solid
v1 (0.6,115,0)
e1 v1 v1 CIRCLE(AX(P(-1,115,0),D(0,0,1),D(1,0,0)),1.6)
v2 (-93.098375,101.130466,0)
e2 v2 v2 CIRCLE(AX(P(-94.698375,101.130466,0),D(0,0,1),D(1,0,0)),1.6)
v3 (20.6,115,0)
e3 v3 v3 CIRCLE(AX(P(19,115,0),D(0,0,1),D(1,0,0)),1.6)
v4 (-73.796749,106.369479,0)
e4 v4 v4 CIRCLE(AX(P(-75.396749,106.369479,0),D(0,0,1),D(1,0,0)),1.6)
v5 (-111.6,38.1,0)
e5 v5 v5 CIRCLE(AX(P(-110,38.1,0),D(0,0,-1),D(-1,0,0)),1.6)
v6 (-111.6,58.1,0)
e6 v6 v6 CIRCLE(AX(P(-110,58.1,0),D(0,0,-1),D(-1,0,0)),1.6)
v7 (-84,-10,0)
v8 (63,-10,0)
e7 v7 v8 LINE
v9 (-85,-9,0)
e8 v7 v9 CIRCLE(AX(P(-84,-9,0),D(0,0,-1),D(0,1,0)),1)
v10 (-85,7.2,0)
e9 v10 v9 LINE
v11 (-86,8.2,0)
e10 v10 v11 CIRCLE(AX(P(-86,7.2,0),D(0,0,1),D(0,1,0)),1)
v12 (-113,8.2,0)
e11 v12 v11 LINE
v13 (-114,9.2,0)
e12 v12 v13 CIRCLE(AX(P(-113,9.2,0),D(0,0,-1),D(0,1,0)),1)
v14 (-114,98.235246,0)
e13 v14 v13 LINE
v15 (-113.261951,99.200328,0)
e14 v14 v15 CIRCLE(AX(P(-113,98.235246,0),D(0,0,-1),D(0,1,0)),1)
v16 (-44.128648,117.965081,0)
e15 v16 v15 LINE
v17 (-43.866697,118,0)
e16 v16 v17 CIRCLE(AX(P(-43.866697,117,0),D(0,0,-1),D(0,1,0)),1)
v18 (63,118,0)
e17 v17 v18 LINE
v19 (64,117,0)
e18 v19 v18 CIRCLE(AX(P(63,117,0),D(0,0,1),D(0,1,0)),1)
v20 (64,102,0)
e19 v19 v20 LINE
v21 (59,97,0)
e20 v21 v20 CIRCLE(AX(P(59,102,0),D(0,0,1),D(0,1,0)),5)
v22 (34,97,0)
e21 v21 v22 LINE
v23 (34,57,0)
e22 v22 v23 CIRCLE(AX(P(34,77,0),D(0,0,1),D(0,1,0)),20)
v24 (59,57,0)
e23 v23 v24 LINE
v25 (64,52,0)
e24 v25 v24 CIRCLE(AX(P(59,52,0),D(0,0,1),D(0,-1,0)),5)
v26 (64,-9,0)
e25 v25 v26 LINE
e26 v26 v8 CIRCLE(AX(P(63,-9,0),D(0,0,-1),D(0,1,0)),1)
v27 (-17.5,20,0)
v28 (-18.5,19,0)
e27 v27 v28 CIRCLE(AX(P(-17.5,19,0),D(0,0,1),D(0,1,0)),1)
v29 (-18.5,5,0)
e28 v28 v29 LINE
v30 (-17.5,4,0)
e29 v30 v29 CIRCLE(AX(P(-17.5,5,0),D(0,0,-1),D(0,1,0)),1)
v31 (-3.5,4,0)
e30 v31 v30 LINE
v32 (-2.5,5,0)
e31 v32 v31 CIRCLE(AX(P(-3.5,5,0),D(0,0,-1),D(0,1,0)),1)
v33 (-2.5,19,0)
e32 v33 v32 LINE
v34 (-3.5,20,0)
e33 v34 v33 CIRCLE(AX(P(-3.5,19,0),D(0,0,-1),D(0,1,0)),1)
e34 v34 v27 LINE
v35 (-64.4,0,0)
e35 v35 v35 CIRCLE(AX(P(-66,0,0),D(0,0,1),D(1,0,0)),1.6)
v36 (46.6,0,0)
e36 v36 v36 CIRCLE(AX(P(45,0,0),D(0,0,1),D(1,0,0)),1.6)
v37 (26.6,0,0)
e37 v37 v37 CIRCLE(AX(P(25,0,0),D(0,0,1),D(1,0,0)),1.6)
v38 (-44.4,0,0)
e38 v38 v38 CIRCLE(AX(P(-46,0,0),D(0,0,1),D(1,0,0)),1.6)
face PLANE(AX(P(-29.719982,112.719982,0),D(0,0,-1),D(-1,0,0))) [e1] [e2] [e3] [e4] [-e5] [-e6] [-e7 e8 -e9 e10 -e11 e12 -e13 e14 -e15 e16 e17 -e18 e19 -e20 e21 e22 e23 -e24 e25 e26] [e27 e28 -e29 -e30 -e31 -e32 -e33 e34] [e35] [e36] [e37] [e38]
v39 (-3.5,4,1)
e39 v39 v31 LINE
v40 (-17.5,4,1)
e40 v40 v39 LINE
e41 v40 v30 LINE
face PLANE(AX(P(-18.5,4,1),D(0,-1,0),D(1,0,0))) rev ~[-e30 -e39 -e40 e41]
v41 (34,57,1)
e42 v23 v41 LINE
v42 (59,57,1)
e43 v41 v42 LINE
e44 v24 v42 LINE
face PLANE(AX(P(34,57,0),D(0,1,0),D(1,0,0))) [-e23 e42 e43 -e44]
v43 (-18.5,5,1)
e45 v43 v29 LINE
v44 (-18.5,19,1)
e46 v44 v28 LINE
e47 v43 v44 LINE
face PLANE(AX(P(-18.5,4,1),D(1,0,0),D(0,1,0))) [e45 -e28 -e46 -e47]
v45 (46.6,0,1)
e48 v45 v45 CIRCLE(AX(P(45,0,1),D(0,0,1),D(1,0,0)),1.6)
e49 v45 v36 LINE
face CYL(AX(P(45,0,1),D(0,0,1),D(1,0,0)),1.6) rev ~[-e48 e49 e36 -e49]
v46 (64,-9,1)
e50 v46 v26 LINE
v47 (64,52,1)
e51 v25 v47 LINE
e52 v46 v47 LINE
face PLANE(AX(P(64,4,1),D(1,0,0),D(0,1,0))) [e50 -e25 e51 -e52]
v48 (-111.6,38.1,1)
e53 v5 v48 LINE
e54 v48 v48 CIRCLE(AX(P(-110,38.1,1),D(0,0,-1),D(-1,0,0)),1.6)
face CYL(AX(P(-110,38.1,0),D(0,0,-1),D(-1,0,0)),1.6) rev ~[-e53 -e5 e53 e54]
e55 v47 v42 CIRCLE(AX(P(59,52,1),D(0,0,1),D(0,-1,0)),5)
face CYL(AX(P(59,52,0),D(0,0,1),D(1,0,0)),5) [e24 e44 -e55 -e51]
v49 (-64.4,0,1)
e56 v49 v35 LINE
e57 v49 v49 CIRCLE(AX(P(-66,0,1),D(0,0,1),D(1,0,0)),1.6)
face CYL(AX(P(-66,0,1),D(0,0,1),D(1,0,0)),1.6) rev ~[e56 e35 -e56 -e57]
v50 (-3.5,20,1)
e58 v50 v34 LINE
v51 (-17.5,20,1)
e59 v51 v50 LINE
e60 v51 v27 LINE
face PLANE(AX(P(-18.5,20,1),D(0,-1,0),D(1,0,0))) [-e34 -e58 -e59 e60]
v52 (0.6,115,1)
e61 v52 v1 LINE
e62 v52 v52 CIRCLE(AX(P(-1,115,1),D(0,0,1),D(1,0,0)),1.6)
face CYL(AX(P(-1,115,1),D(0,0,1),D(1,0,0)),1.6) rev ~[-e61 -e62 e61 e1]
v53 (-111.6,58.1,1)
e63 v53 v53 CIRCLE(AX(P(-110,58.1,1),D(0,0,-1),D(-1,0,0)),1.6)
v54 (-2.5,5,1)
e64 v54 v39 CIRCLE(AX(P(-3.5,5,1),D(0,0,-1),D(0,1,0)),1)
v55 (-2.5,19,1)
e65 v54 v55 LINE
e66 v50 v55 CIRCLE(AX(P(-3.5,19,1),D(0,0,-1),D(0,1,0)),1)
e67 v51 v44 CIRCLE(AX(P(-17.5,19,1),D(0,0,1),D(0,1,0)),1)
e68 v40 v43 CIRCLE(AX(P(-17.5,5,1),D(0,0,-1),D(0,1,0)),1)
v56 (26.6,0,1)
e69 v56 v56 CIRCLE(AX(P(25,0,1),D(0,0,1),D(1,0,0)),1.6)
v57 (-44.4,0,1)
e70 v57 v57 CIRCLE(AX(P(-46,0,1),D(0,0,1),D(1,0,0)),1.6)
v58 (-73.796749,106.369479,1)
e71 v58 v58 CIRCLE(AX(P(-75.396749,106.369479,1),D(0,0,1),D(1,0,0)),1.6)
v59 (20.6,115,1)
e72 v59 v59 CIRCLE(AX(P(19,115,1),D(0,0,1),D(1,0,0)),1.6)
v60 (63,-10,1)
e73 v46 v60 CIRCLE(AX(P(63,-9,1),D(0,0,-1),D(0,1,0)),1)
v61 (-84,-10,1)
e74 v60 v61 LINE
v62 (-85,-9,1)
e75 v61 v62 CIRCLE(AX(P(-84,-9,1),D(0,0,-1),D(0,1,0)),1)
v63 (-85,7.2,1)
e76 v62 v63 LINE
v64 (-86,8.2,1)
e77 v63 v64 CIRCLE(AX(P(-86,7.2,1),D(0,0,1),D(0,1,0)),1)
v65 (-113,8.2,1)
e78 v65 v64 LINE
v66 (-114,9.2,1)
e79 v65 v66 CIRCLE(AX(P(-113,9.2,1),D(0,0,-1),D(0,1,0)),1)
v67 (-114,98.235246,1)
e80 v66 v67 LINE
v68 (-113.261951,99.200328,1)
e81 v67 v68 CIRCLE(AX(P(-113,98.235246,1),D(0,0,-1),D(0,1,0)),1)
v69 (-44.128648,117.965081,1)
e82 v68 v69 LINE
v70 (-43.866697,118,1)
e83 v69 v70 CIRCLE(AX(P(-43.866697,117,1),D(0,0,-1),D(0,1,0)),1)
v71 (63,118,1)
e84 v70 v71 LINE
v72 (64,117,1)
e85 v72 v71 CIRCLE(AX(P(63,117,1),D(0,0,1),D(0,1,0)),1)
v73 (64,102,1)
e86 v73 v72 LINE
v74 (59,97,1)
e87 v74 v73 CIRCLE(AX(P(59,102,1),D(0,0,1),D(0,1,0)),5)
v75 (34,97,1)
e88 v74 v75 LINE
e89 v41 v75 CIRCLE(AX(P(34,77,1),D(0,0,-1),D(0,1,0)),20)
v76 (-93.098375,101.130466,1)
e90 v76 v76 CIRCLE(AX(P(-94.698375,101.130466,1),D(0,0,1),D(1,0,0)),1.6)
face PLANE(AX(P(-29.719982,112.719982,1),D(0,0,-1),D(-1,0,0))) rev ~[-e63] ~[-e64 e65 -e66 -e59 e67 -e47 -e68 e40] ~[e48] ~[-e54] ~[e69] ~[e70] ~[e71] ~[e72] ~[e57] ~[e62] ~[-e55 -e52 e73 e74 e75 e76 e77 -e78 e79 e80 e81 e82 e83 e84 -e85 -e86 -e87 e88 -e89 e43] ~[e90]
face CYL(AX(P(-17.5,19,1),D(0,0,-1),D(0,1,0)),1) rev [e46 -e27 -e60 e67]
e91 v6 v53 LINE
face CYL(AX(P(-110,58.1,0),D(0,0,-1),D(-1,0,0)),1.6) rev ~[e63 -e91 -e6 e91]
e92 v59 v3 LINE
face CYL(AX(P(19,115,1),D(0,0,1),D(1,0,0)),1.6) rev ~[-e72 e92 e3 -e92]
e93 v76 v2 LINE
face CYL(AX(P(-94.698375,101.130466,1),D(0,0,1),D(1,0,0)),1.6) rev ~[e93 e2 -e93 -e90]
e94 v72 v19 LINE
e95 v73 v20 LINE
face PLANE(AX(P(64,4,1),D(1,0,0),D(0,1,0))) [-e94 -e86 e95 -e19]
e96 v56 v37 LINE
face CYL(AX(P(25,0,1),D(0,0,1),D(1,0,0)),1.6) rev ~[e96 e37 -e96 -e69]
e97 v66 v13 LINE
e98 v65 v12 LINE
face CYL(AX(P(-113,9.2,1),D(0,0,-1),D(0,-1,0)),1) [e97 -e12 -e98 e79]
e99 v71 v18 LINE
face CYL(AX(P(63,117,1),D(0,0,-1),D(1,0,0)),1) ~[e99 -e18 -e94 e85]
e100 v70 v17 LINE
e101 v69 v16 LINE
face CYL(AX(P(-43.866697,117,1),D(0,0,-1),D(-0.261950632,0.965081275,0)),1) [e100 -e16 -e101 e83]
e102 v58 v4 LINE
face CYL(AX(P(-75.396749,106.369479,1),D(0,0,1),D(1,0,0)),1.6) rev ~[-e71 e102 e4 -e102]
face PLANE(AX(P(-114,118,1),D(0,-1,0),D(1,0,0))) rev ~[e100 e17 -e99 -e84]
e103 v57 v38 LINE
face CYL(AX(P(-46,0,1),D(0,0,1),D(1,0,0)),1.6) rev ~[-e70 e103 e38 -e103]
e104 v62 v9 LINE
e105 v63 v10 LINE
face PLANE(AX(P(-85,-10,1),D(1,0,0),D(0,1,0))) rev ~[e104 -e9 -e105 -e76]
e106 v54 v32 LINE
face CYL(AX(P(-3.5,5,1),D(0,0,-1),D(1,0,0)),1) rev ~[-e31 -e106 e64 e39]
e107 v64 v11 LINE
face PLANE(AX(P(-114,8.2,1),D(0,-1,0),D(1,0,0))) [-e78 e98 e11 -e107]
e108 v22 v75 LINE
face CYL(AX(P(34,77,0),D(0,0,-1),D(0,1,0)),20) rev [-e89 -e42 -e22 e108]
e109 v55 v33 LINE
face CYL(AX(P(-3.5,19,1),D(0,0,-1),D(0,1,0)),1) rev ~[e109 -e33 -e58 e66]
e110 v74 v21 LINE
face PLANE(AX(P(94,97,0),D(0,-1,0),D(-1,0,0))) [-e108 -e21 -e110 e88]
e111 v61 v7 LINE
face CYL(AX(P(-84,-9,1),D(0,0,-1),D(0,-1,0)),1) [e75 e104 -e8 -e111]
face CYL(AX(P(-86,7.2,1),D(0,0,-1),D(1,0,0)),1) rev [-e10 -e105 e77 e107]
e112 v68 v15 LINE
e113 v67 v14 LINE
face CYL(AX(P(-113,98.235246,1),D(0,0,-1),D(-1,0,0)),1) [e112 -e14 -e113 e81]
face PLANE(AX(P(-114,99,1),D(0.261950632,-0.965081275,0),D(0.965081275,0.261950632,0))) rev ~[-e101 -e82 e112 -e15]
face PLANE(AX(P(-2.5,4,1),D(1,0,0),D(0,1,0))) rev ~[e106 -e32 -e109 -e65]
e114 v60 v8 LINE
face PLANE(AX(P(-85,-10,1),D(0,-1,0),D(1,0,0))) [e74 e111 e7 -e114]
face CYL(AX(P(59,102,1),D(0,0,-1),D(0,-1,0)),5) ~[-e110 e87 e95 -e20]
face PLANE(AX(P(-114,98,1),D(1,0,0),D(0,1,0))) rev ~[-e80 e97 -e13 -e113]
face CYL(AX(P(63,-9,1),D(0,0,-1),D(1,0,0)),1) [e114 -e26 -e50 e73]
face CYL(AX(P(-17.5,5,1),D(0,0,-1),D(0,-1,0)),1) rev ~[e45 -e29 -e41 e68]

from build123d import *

# Parameters (mm, degrees)
SKETCH_1_W          = 90
SKETCH_1_H          = 14
EXTRUDE_1_DEPTH     = 1
EXTRUDE_2_DEPTH     = 1
SKETCH_4_W          = 40
SKETCH_4_H          = 14
SKETCH_4_W_2        = 19
EXTRUDE_3_DEPTH     = 1
SKETCH_7_R          = 1.6
CUT_EXTRUDE_1_DEPTH = 10
SKETCH_9_R          = 1.6
CUT_EXTRUDE_3_DEPTH = 10
EXTRUDE_4_DEPTH     = 1
CUT_EXTRUDE_4_DEPTH = 10
SKETCH_13_R         = 1.6
CUT_EXTRUDE_5_DEPTH = 10
CUT_EXTRUDE_6_DEPTH = 10
FILLET_1_R          = 5
FILLET_2_R          = 1
SKETCH_15_W         = 16
SKETCH_15_H         = 16
CUT_EXTRUDE_7_DEPTH = 10
FILLET_3_R          = 1


with BuildPart() as part:
    # 草图1 → 凸台-拉伸1 (new body)
    with BuildSketch(Plane.XY):
        with Locations((0, -3)):
            Rectangle(SKETCH_1_W, SKETCH_1_H)
    extrude(amount=EXTRUDE_1_DEPTH)

    # 草图2 → 凸台-拉伸2 (add)
    with BuildSketch(Plane.XY.offset(1)):
        Polygon((-85, 8.2), (-85, 4), (64, 4), (64, 118), (-114, 98), (-114, 8.2), align=None)
    extrude(amount=-EXTRUDE_2_DEPTH)

    # 草图4 → 凸台-拉伸3 (add)
    with BuildSketch(Plane.XY.offset(1)):
        with Locations((-65, -3)):
            Rectangle(SKETCH_4_W, SKETCH_4_H)
        with Locations((54.5, -3)):
            Rectangle(SKETCH_4_W_2, SKETCH_4_H)
    extrude(amount=-EXTRUDE_3_DEPTH)

    # 草图7 → 切除-拉伸1 (cut)
    with BuildSketch(Plane.XY.offset(1)):
        with Locations((45, 0)):
            Circle(SKETCH_7_R)
        with Locations((25, 0)):
            Circle(SKETCH_7_R)
        with Locations((-66, 0)):
            Circle(SKETCH_7_R)
        with Locations((-46, 0)):
            Circle(SKETCH_7_R)
    extrude(amount=-CUT_EXTRUDE_1_DEPTH, mode=Mode.SUBTRACT)

    # 草图9 → 切除-拉伸3 (cut)
    with BuildSketch(Plane(origin=(0, 0, 0), x_dir=(-1, 0, 0), z_dir=(0, 0, -1))):
        with Locations((110, 58.1)):
            Circle(SKETCH_9_R)
        with Locations((110, 38.1)):
            Circle(SKETCH_9_R)
    extrude(amount=-CUT_EXTRUDE_3_DEPTH, mode=Mode.SUBTRACT)

    # 草图10 → 凸台-拉伸4 (add)
    with BuildSketch(Plane.XY.offset(1)):
        Polygon((-114, 98), (-114, 118), (64, 118), align=None)
    extrude(amount=-EXTRUDE_4_DEPTH)

    # 草图11 → 切除-拉伸4 (cut)
    with BuildSketch(Plane.XY.offset(1)):
        Polygon((-44, 118), (-114, 118), (-114, 99), align=None)
    extrude(amount=-CUT_EXTRUDE_4_DEPTH, mode=Mode.SUBTRACT)

    # 草图13 → 切除-拉伸5 (cut)
    with BuildSketch(Plane.XY.offset(1)):
        with Locations((-1, 115)):
            Circle(SKETCH_13_R)
        with Locations((19, 115)):
            Circle(SKETCH_13_R)
        with Locations((-75.396749016, 106.369478786)):
            Circle(SKETCH_13_R)
        with Locations((-94.698374508, 101.130466152)):
            Circle(SKETCH_13_R)
    extrude(amount=-CUT_EXTRUDE_5_DEPTH, mode=Mode.SUBTRACT)

    # 草图14 → 切除-拉伸6 (cut)
    with BuildSketch(Plane(origin=(0, 0, 0), x_dir=(-1, 0, 0), z_dir=(0, 0, -1))):
        with BuildLine():
            Line((-94, 97), (-34, 97))
            ThreePointArc((-34, 97), (-14, 77), (-34, 57))
            Line((-34, 57), (-94, 57))
            ThreePointArc((-94, 57), (-114, 77), (-94, 97))
        make_face()
    extrude(amount=-CUT_EXTRUDE_6_DEPTH, mode=Mode.SUBTRACT)

    # 圆角1
    fillet_1_edges = [part.edges().sort_by_distance(p)[0] for p in [
        (64, 57, 0.5),
        (64, 97, 0.5),
    ]]
    fillet(fillet_1_edges, radius=FILLET_1_R)

    # 圆角2
    fillet_2_edges = [part.edges().sort_by_distance(p)[0] for p in [
        (-44, 118, 0.5),
        (-114, 99, 0.5),
        (-114, 8.2, 0.5),
        (64, 118, 0.5),
        (-85, 8.2, 0.5),
        (-85, -10, 0.5),
        (64, -10, 0.5),
    ]]
    fillet(fillet_2_edges, radius=FILLET_2_R)

    # 草图15 → 切除-拉伸7 (cut)
    with BuildSketch(Plane.XY.offset(1)):
        with Locations((-10.5, 12)):
            Rectangle(SKETCH_15_W, SKETCH_15_H)
    extrude(amount=-CUT_EXTRUDE_7_DEPTH, mode=Mode.SUBTRACT)

    # 圆角3
    fillet_3_edges = [part.edges().sort_by_distance(p)[0] for p in [
        (-2.5, 20, 0.5),
        (-2.5, 4, 0.5),
        (-18.5, 4, 0.5),
        (-18.5, 20, 0.5),
    ]]
    fillet(fillet_3_edges, radius=FILLET_3_R)


solid = part.part
